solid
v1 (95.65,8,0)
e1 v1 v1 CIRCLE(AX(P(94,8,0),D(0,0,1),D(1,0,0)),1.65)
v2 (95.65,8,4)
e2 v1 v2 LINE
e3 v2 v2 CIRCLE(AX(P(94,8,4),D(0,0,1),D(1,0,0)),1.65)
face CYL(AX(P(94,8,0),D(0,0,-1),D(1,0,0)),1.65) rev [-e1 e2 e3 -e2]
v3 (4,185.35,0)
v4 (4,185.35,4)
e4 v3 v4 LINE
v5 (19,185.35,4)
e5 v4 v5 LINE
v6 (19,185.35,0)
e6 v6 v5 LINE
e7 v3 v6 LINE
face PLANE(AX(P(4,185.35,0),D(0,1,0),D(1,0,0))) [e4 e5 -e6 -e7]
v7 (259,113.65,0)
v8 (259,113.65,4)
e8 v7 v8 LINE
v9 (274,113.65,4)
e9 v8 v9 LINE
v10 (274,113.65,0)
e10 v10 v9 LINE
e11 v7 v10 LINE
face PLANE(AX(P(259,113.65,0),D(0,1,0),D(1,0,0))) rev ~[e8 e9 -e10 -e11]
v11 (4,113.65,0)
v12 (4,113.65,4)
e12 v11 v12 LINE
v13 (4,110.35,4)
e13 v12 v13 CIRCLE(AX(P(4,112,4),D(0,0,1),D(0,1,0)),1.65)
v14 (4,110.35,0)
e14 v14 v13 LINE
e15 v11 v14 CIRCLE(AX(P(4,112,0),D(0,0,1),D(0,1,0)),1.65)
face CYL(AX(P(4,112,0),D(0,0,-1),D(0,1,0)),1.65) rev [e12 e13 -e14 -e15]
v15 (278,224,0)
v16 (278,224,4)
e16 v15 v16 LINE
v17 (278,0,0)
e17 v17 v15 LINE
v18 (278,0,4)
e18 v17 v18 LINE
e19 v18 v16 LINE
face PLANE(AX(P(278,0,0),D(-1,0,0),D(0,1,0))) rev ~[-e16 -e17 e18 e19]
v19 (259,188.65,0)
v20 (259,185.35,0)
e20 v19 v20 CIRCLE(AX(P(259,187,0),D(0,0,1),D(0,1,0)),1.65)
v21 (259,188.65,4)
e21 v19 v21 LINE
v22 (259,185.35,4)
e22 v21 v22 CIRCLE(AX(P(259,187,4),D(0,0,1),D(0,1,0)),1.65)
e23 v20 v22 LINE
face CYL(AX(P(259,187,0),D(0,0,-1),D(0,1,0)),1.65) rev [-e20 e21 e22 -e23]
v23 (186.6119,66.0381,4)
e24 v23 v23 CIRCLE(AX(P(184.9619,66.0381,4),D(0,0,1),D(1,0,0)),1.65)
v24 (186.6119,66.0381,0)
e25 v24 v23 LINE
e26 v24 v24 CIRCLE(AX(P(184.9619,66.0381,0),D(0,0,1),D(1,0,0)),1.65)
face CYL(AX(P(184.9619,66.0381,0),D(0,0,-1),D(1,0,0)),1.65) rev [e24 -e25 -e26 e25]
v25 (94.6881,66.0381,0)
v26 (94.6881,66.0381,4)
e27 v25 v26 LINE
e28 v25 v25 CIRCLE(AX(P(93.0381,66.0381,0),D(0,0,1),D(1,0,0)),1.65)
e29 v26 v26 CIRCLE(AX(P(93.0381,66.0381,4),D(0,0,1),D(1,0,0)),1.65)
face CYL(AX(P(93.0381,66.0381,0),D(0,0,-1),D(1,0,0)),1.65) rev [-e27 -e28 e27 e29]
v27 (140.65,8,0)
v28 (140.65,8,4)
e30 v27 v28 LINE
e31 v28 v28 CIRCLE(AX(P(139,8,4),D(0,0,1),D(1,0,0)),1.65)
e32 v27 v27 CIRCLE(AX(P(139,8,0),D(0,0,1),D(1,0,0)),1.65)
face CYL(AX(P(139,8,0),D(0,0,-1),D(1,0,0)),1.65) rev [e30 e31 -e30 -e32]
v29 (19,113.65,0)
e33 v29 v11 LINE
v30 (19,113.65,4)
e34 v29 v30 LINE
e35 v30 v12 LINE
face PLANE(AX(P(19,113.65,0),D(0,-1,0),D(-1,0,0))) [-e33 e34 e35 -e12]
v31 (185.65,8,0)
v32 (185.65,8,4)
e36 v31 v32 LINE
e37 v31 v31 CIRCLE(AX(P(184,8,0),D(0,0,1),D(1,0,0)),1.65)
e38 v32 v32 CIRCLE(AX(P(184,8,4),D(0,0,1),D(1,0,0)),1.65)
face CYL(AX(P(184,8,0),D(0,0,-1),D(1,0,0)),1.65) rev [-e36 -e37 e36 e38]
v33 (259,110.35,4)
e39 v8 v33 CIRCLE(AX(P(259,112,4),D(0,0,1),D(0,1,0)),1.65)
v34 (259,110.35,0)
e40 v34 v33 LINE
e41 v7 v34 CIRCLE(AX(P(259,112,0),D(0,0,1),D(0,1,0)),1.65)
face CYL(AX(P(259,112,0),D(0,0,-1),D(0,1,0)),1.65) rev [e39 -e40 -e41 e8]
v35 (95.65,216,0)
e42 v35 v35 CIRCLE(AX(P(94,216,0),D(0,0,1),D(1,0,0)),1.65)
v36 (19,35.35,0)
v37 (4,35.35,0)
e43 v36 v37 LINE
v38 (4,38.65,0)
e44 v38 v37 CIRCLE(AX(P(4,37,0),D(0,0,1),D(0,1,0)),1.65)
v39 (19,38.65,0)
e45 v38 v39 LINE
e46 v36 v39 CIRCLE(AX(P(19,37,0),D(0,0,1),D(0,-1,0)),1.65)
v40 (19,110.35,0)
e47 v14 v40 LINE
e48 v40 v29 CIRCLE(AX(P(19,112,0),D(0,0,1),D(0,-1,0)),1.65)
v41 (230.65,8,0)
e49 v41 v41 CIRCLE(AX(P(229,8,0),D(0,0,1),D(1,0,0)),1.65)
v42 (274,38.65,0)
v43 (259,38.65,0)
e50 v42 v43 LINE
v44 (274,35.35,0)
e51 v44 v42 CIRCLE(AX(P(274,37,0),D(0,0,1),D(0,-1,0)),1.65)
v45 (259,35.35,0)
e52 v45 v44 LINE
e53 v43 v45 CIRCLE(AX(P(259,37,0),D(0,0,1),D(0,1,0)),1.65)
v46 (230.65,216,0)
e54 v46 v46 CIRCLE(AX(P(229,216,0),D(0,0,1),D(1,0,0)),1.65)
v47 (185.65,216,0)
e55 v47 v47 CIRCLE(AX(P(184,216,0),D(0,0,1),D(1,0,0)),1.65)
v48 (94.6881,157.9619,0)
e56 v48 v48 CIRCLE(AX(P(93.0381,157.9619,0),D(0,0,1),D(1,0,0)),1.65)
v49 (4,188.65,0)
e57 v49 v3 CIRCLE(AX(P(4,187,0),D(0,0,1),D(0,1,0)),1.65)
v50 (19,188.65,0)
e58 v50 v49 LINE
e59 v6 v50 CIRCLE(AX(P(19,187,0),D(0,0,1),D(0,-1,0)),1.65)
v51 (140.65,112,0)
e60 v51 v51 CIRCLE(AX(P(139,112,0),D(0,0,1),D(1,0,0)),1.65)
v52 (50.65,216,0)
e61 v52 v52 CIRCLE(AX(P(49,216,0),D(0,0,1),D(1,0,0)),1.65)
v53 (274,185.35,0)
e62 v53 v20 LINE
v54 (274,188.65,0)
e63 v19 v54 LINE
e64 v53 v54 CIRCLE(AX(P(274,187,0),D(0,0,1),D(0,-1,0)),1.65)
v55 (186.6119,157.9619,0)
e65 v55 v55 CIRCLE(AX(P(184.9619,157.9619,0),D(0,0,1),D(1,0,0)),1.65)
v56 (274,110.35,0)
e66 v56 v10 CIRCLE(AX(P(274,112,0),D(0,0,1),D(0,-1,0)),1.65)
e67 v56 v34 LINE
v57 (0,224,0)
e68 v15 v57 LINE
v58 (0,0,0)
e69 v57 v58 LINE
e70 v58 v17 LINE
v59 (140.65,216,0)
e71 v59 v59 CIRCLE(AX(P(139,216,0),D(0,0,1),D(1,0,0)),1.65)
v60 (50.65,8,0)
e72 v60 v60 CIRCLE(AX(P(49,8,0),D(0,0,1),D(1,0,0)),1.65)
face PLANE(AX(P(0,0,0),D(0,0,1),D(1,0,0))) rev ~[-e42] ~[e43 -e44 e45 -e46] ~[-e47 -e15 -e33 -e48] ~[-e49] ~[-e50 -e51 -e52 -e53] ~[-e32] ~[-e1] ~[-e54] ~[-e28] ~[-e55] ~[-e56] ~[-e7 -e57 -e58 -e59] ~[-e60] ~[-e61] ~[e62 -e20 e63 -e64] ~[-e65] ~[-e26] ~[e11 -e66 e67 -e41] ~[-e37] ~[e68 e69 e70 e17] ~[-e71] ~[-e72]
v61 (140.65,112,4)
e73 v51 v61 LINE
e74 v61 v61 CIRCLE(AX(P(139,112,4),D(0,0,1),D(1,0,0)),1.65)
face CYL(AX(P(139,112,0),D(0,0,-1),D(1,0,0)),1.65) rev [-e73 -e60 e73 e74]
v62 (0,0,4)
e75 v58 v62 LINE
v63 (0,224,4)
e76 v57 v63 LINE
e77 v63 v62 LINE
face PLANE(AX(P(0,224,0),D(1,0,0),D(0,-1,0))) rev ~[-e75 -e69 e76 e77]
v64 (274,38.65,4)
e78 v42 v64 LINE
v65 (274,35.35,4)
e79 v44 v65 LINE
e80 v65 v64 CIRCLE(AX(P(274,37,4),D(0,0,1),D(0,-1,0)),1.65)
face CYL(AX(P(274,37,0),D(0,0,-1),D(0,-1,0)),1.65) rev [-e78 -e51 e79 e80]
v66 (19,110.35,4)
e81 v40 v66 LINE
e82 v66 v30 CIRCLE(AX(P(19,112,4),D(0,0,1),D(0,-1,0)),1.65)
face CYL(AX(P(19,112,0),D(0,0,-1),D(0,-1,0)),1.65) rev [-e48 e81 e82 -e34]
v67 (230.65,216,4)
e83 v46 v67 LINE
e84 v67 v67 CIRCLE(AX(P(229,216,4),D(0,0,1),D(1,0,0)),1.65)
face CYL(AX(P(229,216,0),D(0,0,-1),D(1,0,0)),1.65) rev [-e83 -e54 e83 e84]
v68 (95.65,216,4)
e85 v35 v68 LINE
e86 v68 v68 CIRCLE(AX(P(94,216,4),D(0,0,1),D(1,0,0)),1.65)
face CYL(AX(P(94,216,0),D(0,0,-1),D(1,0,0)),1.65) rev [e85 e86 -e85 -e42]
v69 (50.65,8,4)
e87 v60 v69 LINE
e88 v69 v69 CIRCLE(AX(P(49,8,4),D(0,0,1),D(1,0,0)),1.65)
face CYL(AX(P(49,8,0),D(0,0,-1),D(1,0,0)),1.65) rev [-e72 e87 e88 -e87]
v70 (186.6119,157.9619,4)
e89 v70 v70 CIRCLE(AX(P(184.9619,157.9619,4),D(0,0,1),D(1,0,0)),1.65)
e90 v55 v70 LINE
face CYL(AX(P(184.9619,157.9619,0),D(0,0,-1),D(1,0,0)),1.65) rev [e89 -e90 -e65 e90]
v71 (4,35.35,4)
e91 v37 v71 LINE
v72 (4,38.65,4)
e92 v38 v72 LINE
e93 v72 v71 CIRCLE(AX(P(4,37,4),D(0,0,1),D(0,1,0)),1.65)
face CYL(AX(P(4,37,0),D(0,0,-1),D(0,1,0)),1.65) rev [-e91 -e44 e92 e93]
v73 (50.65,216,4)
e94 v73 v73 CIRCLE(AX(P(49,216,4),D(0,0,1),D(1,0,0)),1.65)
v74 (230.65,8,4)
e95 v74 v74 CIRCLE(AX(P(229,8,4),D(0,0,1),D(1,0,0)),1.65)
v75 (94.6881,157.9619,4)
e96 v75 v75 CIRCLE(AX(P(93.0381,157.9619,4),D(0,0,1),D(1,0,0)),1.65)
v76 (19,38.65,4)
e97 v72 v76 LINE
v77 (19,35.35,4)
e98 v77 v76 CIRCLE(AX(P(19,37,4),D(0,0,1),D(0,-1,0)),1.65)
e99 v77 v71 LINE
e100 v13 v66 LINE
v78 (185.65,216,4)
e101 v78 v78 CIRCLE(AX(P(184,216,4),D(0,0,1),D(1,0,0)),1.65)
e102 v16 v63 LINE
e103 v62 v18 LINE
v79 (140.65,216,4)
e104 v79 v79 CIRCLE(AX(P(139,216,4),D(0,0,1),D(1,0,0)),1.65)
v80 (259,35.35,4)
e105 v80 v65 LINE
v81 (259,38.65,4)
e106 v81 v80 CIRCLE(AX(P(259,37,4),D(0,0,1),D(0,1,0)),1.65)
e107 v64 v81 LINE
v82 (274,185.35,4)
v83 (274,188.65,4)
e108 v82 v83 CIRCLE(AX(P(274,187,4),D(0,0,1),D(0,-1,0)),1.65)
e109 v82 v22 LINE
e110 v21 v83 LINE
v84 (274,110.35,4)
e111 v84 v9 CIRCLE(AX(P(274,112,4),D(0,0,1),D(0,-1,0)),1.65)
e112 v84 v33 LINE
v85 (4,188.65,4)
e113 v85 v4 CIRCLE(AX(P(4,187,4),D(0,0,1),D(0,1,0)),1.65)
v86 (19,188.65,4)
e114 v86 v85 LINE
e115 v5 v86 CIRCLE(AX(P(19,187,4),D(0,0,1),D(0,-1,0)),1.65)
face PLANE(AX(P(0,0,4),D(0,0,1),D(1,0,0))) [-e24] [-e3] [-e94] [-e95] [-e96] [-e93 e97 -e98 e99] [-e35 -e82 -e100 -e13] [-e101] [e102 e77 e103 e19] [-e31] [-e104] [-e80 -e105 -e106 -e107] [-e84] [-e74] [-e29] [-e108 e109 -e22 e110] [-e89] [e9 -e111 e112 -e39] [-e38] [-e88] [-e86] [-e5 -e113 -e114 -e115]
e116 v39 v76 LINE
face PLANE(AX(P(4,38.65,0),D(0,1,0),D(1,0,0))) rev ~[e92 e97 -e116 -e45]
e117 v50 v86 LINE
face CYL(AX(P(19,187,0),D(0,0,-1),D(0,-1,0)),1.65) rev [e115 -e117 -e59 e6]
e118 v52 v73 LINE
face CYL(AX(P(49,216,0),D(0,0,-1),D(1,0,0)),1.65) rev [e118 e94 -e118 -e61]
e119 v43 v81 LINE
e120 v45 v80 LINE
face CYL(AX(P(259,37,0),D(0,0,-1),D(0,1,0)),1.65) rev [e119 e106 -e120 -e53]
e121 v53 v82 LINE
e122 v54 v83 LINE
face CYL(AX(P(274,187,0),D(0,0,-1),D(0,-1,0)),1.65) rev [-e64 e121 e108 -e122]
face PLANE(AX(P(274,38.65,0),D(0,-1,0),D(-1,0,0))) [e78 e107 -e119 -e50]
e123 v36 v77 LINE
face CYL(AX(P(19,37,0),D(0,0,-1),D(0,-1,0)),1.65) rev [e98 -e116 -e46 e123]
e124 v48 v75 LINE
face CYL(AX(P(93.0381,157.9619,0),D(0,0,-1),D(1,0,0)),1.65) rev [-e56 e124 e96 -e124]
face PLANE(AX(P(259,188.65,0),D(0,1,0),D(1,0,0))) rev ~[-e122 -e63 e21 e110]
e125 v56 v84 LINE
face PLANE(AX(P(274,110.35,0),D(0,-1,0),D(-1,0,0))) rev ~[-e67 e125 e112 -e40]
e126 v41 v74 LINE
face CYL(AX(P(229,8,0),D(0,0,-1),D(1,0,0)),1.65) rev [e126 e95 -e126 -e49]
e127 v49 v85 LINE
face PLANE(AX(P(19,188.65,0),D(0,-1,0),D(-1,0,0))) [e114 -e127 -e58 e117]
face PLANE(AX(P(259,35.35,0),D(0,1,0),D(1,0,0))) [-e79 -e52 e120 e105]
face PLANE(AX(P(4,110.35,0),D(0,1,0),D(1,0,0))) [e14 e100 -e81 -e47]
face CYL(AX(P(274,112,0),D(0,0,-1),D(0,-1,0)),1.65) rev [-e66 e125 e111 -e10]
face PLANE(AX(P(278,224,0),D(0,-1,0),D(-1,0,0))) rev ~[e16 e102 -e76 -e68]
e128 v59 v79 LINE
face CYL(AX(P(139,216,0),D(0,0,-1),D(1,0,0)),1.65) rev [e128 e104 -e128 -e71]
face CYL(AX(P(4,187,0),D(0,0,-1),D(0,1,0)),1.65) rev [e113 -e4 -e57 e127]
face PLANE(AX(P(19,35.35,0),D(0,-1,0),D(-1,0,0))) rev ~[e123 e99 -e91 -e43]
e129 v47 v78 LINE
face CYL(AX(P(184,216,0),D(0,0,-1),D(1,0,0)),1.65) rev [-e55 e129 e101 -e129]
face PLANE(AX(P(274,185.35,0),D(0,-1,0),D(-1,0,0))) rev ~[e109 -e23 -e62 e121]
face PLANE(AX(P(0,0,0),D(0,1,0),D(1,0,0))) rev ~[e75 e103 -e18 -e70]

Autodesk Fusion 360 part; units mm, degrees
sketch "Skizze1" plane through (0, 0, 0) normal (0, 0, 1) x (1, 0, 0)
  line L0 (0, 0) -> (278, 0)
  line L1 (278, 0) -> (278, 224)
  line L2 (278, 224) -> (0, 224)
  line L3 (0, 224) -> (0, 0)
  line L4 (0, 112) -> (4, 112) construction
  line L5 (139, 224) -> (139, 0) construction
  line L6 (4, 110.35) -> (19, 110.35)
  arc A0 (19, 110.35) -> (19, 113.65) centre (19, 112) ccw
  line L7 (19, 113.65) -> (4, 113.65)
  arc A1 (4, 113.65) -> (4, 110.35) centre (4, 112) ccw
  line L8 (4, 112) -> (19, 112) construction
  line L9 (0, 187) -> (4, 187) construction
  line L10 (4, 185.35) -> (19, 185.35)
  arc A2 (19, 185.35) -> (19, 188.65) centre (19, 187) ccw
  line L11 (19, 188.65) -> (4, 188.65)
  arc A3 (4, 188.65) -> (4, 185.35) centre (4, 187) ccw
  line L12 (4, 187) -> (19, 187) construction
  line L13 (19, 35.35) -> (4, 35.35)
  arc A4 (4, 38.65) -> (4, 35.35) centre (4, 37) ccw
  arc A5 (19, 35.35) -> (19, 38.65) centre (19, 37) ccw
  line L14 (4, 38.65) -> (19, 38.65)
  line L15 (4, 37) -> (19, 37) construction
  line L16 (0, 37) -> (4, 37) construction
  line L17 (259, 188.65) -> (274, 188.65)
  arc A6 (274, 185.35) -> (274, 188.65) centre (274, 187) ccw
  arc A7 (259, 188.65) -> (259, 185.35) centre (259, 187) ccw
  line L18 (274, 185.35) -> (259, 185.35)
  line L19 (259, 113.65) -> (274, 113.65)
  arc A8 (274, 110.35) -> (274, 113.65) centre (274, 112) ccw
  arc A9 (259, 113.65) -> (259, 110.35) centre (259, 112) ccw
  line L20 (274, 110.35) -> (259, 110.35)
  arc A10 (259, 38.65) -> (259, 35.35) centre (259, 37) ccw
  line L21 (259, 35.35) -> (274, 35.35)
  arc A11 (274, 35.35) -> (274, 38.65) centre (274, 37) ccw
  line L22 (274, 38.65) -> (259, 38.65)
  circle A12 centre (139, 8) radius 1.65
  line L23 (139, 112) -> (200, 112) construction
  circle A13 centre (49, 8) radius 1.65
  circle A14 centre (94, 8) radius 1.65
  circle A15 centre (184, 8) radius 1.65
  circle A16 centre (229, 8) radius 1.65
  circle A17 centre (139, 216) radius 1.65
  circle A18 centre (229, 216) radius 1.65
  circle A19 centre (184, 216) radius 1.65
  circle A20 centre (49, 216) radius 1.65
  circle A21 centre (94, 216) radius 1.65
  circle A22 centre (139, 112) radius 1.65
  line L24 (139, 112) -> (184.9619, 66.0381) construction
  circle A23 centre (184.9619, 66.0381) radius 1.65
  circle A24 centre (184.9619, 157.9619) radius 1.65
  line L25 (139, 112) -> (184.9619, 157.9619) construction
  circle A25 centre (93.0381, 157.9619) radius 1.65
  line L26 (139, 112) -> (93.0381, 157.9619) construction
  circle A26 centre (93.0381, 66.0381) radius 1.65
  line L27 (139, 112) -> (93.0381, 66.0381) construction
  dimension "d1" = 224
  dimension "d2" = 278
  dimension "d3" = 3.3
  dimension "d4" = 15
  dimension "d5" = 4
  dimension "d6" = 150
  dimension "d9" = 3.3
  dimension "d10" = 8
  dimension "d13" = 90
  dimension "d14" = 0
  dimension "d15" = 3.3
  dimension "d19" = 45
  dimension "d20" = 3.3
  dimension "d22" = 360
  dimension "d23" = 130
extrude "Extrusion1" add sketch "Skizze1" along normal blind 4
